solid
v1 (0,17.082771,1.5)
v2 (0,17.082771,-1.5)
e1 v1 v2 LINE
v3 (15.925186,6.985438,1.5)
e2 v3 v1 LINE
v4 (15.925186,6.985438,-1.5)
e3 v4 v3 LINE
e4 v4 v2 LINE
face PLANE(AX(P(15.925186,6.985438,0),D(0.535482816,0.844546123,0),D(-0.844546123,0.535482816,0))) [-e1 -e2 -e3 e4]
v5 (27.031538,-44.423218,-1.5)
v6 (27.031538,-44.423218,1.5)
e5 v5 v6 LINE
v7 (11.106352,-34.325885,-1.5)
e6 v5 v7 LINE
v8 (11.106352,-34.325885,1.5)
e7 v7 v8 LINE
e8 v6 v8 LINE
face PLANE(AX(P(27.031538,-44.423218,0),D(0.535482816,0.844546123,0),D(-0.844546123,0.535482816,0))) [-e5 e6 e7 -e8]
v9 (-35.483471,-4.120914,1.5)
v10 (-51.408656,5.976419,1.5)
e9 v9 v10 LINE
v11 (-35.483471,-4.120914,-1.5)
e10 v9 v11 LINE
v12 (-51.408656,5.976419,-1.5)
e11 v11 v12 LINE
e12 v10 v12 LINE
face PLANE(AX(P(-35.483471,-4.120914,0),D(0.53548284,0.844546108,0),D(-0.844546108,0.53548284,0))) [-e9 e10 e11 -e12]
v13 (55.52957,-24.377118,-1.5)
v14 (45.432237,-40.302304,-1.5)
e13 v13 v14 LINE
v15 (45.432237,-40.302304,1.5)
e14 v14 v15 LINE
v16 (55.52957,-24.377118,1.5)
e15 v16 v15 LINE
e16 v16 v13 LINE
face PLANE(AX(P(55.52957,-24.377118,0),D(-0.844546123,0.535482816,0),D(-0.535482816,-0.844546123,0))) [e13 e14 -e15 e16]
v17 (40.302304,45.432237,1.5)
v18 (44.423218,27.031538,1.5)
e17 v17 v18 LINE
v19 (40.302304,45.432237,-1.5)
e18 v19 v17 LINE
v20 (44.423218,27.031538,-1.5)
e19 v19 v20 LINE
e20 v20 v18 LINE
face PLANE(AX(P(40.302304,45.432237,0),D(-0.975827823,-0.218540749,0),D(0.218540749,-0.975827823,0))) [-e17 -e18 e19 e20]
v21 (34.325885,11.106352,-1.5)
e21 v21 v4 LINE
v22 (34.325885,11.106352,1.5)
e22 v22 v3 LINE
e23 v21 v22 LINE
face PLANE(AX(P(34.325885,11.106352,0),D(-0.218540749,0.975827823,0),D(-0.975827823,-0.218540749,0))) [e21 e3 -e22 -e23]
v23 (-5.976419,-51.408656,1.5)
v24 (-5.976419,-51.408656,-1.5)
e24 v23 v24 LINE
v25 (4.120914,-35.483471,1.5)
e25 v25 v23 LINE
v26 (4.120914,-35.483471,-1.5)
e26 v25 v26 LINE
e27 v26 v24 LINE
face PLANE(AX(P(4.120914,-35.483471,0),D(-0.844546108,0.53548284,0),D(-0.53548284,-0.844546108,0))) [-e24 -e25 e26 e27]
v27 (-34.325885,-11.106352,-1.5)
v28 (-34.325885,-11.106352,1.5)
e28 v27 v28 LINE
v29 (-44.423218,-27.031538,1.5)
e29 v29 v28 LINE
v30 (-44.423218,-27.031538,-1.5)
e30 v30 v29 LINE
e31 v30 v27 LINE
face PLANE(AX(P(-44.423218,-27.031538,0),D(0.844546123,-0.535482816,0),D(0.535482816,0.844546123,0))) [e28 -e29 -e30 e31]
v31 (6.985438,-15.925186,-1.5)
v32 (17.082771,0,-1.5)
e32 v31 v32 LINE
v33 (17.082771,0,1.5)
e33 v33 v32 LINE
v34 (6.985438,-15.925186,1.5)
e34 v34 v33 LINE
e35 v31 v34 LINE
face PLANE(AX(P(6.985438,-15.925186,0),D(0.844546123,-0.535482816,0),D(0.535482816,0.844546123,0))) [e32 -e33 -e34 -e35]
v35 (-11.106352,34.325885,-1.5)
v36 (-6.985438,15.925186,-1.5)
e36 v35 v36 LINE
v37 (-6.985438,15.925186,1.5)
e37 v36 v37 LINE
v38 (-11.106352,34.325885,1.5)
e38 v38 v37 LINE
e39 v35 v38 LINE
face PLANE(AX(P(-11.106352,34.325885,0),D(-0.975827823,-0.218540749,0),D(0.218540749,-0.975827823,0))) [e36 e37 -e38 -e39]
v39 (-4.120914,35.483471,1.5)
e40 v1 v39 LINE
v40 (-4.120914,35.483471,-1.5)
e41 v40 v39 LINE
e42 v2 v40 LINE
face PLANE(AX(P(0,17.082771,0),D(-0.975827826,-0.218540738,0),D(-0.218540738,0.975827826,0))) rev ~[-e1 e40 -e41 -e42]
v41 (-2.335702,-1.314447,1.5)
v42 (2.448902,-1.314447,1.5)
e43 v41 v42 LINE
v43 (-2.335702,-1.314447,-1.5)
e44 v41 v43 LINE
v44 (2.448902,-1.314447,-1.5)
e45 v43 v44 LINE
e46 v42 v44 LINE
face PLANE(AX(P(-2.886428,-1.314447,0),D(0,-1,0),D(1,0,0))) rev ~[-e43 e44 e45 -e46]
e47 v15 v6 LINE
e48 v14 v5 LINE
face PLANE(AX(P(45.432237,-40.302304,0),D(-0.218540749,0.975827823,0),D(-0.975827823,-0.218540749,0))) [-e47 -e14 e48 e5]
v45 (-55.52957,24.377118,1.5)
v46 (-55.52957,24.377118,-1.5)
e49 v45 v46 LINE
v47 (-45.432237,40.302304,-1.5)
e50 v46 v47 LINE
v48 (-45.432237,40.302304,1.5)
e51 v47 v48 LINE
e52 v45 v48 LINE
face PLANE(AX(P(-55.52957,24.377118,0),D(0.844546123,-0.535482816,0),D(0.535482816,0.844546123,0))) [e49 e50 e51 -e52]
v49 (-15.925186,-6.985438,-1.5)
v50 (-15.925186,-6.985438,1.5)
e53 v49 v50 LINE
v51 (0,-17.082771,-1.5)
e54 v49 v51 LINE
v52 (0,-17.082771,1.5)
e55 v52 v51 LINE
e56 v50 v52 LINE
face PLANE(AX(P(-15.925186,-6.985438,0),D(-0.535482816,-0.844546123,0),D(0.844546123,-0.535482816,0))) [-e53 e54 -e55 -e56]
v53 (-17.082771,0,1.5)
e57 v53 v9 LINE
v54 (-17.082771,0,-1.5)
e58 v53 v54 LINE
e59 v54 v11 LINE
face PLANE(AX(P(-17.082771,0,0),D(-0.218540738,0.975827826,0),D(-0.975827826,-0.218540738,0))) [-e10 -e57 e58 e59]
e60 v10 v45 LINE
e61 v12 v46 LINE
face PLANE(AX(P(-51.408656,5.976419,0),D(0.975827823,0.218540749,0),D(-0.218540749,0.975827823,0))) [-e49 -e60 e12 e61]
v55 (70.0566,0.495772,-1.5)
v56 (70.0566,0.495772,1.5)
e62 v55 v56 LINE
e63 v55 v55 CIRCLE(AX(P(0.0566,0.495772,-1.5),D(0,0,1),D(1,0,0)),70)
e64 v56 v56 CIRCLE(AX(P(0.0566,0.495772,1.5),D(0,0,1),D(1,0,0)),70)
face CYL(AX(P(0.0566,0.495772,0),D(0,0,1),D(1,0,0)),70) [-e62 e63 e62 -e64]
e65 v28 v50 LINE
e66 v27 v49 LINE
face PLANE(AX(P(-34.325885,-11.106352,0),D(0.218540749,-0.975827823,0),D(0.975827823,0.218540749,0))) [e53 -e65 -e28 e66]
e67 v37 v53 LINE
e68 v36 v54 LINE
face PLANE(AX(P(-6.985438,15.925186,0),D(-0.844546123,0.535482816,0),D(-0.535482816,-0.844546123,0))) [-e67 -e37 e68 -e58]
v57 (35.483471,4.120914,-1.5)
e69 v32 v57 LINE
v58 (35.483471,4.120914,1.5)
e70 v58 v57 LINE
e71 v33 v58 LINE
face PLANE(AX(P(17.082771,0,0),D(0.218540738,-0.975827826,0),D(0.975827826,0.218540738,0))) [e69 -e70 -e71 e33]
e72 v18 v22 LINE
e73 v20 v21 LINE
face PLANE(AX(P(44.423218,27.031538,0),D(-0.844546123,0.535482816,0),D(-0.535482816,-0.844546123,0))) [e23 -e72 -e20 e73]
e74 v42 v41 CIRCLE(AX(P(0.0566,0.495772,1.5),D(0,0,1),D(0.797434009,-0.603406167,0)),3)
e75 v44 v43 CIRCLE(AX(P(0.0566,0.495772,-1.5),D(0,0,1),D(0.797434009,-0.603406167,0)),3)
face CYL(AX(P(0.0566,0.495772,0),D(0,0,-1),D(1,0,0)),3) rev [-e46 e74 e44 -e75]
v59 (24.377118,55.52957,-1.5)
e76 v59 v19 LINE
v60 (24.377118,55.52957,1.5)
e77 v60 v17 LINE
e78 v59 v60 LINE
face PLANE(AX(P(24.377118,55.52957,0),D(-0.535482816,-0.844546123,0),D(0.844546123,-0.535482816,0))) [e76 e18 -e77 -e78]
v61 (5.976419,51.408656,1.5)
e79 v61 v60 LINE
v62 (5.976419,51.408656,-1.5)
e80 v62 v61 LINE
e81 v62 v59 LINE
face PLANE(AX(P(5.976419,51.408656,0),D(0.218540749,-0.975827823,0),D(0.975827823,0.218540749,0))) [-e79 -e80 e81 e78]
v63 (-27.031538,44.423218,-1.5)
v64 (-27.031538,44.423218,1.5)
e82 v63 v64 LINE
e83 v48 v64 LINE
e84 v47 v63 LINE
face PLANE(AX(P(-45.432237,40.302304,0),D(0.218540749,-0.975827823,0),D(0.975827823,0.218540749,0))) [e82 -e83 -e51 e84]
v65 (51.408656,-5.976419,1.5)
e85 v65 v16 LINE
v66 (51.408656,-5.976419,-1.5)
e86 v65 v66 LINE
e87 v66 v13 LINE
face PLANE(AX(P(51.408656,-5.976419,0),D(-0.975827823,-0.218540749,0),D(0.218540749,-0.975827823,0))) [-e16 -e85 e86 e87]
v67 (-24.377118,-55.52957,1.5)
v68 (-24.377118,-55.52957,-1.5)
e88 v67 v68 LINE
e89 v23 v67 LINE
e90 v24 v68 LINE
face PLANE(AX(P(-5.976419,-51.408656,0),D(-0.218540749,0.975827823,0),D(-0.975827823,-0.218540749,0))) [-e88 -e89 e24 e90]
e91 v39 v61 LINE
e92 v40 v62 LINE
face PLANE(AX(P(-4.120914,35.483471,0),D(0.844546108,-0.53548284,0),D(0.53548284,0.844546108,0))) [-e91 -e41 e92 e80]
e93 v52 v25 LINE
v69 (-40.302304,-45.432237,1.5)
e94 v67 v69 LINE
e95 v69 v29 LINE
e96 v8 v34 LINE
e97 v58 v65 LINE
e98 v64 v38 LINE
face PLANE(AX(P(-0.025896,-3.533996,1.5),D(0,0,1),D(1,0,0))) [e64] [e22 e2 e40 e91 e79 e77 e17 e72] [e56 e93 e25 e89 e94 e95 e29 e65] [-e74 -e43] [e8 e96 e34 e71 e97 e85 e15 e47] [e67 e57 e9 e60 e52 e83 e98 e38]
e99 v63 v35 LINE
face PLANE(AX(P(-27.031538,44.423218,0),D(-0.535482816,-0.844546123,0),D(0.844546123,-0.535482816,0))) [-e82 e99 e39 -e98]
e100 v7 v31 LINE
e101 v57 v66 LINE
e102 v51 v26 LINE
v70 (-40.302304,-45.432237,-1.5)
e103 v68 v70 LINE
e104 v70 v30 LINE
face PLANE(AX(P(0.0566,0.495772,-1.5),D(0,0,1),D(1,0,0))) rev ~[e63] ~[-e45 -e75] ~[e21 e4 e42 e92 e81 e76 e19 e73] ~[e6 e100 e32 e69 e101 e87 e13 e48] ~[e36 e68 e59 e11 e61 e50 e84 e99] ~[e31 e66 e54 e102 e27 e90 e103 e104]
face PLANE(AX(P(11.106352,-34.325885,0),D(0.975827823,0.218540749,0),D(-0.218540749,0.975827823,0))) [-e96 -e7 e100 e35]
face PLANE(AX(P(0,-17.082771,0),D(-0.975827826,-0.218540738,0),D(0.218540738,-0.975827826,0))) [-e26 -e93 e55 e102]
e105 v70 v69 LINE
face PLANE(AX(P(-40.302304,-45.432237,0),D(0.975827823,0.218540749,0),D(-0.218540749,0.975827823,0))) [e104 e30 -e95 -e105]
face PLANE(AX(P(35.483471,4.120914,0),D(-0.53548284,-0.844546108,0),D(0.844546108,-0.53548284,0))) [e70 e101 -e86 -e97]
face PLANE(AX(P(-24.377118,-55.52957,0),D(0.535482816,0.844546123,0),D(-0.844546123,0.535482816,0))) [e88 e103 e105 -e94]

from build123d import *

# Parameters (mm, degrees)
F0_R     = 70
F0_R_2   = 3
F1_DEPTH = 1.5
F2_W     = 5.721064
F2_H     = 4.439099
F3_DEPTH = 1.5


with BuildPart() as f1:
    # F0 (on Top) → F1 (new body, symmetric)
    with BuildSketch(Plane.XY):
        with Locations((0.0566, 0.495772)):
            Circle(F0_R)
        Polygon((-40.302304, -45.432237), (-44.423218, -27.031538), (-34.325885, -11.106352), (-15.925186, -6.985438), (0, -17.082771), (4.120914, -35.483471), (-5.976419, -51.408656), (-24.377118, -55.52957), align=None, mode=Mode.SUBTRACT)
        Polygon((45.432237, -40.302304), (27.031538, -44.423218), (11.106352, -34.325885), (6.985438, -15.925186), (17.082771, 0), (35.483471, 4.120914), (51.408656, -5.976419), (55.52957, -24.377118), align=None, mode=Mode.SUBTRACT)
        Polygon((-45.432237, 40.302304), (-27.031538, 44.423218), (-11.106352, 34.325885), (-6.985438, 15.925186), (-17.082771, 0), (-35.483471, -4.120914), (-51.408656, 5.976419), (-55.52957, 24.377118), align=None, mode=Mode.SUBTRACT)
        with Locations((0.0566, 0.495772)):
            Circle(F0_R_2, mode=Mode.SUBTRACT)
        Polygon((0, 17.082771), (-4.120914, 35.483471), (5.976419, 51.408656), (24.377118, 55.52957), (40.302304, 45.432237), (44.423218, 27.031538), (34.325885, 11.106352), (15.925186, 6.985438), align=None, mode=Mode.SUBTRACT)
    extrude(amount=F1_DEPTH, both=True)

    # F2 (on Top) → F3 (join, symmetric)
    with BuildSketch(Plane.XY):
        with Locations((-0.025896, -3.533996)):
            Rectangle(F2_W, F2_H)
    extrude(amount=F3_DEPTH, both=True)


solid = f1.part
